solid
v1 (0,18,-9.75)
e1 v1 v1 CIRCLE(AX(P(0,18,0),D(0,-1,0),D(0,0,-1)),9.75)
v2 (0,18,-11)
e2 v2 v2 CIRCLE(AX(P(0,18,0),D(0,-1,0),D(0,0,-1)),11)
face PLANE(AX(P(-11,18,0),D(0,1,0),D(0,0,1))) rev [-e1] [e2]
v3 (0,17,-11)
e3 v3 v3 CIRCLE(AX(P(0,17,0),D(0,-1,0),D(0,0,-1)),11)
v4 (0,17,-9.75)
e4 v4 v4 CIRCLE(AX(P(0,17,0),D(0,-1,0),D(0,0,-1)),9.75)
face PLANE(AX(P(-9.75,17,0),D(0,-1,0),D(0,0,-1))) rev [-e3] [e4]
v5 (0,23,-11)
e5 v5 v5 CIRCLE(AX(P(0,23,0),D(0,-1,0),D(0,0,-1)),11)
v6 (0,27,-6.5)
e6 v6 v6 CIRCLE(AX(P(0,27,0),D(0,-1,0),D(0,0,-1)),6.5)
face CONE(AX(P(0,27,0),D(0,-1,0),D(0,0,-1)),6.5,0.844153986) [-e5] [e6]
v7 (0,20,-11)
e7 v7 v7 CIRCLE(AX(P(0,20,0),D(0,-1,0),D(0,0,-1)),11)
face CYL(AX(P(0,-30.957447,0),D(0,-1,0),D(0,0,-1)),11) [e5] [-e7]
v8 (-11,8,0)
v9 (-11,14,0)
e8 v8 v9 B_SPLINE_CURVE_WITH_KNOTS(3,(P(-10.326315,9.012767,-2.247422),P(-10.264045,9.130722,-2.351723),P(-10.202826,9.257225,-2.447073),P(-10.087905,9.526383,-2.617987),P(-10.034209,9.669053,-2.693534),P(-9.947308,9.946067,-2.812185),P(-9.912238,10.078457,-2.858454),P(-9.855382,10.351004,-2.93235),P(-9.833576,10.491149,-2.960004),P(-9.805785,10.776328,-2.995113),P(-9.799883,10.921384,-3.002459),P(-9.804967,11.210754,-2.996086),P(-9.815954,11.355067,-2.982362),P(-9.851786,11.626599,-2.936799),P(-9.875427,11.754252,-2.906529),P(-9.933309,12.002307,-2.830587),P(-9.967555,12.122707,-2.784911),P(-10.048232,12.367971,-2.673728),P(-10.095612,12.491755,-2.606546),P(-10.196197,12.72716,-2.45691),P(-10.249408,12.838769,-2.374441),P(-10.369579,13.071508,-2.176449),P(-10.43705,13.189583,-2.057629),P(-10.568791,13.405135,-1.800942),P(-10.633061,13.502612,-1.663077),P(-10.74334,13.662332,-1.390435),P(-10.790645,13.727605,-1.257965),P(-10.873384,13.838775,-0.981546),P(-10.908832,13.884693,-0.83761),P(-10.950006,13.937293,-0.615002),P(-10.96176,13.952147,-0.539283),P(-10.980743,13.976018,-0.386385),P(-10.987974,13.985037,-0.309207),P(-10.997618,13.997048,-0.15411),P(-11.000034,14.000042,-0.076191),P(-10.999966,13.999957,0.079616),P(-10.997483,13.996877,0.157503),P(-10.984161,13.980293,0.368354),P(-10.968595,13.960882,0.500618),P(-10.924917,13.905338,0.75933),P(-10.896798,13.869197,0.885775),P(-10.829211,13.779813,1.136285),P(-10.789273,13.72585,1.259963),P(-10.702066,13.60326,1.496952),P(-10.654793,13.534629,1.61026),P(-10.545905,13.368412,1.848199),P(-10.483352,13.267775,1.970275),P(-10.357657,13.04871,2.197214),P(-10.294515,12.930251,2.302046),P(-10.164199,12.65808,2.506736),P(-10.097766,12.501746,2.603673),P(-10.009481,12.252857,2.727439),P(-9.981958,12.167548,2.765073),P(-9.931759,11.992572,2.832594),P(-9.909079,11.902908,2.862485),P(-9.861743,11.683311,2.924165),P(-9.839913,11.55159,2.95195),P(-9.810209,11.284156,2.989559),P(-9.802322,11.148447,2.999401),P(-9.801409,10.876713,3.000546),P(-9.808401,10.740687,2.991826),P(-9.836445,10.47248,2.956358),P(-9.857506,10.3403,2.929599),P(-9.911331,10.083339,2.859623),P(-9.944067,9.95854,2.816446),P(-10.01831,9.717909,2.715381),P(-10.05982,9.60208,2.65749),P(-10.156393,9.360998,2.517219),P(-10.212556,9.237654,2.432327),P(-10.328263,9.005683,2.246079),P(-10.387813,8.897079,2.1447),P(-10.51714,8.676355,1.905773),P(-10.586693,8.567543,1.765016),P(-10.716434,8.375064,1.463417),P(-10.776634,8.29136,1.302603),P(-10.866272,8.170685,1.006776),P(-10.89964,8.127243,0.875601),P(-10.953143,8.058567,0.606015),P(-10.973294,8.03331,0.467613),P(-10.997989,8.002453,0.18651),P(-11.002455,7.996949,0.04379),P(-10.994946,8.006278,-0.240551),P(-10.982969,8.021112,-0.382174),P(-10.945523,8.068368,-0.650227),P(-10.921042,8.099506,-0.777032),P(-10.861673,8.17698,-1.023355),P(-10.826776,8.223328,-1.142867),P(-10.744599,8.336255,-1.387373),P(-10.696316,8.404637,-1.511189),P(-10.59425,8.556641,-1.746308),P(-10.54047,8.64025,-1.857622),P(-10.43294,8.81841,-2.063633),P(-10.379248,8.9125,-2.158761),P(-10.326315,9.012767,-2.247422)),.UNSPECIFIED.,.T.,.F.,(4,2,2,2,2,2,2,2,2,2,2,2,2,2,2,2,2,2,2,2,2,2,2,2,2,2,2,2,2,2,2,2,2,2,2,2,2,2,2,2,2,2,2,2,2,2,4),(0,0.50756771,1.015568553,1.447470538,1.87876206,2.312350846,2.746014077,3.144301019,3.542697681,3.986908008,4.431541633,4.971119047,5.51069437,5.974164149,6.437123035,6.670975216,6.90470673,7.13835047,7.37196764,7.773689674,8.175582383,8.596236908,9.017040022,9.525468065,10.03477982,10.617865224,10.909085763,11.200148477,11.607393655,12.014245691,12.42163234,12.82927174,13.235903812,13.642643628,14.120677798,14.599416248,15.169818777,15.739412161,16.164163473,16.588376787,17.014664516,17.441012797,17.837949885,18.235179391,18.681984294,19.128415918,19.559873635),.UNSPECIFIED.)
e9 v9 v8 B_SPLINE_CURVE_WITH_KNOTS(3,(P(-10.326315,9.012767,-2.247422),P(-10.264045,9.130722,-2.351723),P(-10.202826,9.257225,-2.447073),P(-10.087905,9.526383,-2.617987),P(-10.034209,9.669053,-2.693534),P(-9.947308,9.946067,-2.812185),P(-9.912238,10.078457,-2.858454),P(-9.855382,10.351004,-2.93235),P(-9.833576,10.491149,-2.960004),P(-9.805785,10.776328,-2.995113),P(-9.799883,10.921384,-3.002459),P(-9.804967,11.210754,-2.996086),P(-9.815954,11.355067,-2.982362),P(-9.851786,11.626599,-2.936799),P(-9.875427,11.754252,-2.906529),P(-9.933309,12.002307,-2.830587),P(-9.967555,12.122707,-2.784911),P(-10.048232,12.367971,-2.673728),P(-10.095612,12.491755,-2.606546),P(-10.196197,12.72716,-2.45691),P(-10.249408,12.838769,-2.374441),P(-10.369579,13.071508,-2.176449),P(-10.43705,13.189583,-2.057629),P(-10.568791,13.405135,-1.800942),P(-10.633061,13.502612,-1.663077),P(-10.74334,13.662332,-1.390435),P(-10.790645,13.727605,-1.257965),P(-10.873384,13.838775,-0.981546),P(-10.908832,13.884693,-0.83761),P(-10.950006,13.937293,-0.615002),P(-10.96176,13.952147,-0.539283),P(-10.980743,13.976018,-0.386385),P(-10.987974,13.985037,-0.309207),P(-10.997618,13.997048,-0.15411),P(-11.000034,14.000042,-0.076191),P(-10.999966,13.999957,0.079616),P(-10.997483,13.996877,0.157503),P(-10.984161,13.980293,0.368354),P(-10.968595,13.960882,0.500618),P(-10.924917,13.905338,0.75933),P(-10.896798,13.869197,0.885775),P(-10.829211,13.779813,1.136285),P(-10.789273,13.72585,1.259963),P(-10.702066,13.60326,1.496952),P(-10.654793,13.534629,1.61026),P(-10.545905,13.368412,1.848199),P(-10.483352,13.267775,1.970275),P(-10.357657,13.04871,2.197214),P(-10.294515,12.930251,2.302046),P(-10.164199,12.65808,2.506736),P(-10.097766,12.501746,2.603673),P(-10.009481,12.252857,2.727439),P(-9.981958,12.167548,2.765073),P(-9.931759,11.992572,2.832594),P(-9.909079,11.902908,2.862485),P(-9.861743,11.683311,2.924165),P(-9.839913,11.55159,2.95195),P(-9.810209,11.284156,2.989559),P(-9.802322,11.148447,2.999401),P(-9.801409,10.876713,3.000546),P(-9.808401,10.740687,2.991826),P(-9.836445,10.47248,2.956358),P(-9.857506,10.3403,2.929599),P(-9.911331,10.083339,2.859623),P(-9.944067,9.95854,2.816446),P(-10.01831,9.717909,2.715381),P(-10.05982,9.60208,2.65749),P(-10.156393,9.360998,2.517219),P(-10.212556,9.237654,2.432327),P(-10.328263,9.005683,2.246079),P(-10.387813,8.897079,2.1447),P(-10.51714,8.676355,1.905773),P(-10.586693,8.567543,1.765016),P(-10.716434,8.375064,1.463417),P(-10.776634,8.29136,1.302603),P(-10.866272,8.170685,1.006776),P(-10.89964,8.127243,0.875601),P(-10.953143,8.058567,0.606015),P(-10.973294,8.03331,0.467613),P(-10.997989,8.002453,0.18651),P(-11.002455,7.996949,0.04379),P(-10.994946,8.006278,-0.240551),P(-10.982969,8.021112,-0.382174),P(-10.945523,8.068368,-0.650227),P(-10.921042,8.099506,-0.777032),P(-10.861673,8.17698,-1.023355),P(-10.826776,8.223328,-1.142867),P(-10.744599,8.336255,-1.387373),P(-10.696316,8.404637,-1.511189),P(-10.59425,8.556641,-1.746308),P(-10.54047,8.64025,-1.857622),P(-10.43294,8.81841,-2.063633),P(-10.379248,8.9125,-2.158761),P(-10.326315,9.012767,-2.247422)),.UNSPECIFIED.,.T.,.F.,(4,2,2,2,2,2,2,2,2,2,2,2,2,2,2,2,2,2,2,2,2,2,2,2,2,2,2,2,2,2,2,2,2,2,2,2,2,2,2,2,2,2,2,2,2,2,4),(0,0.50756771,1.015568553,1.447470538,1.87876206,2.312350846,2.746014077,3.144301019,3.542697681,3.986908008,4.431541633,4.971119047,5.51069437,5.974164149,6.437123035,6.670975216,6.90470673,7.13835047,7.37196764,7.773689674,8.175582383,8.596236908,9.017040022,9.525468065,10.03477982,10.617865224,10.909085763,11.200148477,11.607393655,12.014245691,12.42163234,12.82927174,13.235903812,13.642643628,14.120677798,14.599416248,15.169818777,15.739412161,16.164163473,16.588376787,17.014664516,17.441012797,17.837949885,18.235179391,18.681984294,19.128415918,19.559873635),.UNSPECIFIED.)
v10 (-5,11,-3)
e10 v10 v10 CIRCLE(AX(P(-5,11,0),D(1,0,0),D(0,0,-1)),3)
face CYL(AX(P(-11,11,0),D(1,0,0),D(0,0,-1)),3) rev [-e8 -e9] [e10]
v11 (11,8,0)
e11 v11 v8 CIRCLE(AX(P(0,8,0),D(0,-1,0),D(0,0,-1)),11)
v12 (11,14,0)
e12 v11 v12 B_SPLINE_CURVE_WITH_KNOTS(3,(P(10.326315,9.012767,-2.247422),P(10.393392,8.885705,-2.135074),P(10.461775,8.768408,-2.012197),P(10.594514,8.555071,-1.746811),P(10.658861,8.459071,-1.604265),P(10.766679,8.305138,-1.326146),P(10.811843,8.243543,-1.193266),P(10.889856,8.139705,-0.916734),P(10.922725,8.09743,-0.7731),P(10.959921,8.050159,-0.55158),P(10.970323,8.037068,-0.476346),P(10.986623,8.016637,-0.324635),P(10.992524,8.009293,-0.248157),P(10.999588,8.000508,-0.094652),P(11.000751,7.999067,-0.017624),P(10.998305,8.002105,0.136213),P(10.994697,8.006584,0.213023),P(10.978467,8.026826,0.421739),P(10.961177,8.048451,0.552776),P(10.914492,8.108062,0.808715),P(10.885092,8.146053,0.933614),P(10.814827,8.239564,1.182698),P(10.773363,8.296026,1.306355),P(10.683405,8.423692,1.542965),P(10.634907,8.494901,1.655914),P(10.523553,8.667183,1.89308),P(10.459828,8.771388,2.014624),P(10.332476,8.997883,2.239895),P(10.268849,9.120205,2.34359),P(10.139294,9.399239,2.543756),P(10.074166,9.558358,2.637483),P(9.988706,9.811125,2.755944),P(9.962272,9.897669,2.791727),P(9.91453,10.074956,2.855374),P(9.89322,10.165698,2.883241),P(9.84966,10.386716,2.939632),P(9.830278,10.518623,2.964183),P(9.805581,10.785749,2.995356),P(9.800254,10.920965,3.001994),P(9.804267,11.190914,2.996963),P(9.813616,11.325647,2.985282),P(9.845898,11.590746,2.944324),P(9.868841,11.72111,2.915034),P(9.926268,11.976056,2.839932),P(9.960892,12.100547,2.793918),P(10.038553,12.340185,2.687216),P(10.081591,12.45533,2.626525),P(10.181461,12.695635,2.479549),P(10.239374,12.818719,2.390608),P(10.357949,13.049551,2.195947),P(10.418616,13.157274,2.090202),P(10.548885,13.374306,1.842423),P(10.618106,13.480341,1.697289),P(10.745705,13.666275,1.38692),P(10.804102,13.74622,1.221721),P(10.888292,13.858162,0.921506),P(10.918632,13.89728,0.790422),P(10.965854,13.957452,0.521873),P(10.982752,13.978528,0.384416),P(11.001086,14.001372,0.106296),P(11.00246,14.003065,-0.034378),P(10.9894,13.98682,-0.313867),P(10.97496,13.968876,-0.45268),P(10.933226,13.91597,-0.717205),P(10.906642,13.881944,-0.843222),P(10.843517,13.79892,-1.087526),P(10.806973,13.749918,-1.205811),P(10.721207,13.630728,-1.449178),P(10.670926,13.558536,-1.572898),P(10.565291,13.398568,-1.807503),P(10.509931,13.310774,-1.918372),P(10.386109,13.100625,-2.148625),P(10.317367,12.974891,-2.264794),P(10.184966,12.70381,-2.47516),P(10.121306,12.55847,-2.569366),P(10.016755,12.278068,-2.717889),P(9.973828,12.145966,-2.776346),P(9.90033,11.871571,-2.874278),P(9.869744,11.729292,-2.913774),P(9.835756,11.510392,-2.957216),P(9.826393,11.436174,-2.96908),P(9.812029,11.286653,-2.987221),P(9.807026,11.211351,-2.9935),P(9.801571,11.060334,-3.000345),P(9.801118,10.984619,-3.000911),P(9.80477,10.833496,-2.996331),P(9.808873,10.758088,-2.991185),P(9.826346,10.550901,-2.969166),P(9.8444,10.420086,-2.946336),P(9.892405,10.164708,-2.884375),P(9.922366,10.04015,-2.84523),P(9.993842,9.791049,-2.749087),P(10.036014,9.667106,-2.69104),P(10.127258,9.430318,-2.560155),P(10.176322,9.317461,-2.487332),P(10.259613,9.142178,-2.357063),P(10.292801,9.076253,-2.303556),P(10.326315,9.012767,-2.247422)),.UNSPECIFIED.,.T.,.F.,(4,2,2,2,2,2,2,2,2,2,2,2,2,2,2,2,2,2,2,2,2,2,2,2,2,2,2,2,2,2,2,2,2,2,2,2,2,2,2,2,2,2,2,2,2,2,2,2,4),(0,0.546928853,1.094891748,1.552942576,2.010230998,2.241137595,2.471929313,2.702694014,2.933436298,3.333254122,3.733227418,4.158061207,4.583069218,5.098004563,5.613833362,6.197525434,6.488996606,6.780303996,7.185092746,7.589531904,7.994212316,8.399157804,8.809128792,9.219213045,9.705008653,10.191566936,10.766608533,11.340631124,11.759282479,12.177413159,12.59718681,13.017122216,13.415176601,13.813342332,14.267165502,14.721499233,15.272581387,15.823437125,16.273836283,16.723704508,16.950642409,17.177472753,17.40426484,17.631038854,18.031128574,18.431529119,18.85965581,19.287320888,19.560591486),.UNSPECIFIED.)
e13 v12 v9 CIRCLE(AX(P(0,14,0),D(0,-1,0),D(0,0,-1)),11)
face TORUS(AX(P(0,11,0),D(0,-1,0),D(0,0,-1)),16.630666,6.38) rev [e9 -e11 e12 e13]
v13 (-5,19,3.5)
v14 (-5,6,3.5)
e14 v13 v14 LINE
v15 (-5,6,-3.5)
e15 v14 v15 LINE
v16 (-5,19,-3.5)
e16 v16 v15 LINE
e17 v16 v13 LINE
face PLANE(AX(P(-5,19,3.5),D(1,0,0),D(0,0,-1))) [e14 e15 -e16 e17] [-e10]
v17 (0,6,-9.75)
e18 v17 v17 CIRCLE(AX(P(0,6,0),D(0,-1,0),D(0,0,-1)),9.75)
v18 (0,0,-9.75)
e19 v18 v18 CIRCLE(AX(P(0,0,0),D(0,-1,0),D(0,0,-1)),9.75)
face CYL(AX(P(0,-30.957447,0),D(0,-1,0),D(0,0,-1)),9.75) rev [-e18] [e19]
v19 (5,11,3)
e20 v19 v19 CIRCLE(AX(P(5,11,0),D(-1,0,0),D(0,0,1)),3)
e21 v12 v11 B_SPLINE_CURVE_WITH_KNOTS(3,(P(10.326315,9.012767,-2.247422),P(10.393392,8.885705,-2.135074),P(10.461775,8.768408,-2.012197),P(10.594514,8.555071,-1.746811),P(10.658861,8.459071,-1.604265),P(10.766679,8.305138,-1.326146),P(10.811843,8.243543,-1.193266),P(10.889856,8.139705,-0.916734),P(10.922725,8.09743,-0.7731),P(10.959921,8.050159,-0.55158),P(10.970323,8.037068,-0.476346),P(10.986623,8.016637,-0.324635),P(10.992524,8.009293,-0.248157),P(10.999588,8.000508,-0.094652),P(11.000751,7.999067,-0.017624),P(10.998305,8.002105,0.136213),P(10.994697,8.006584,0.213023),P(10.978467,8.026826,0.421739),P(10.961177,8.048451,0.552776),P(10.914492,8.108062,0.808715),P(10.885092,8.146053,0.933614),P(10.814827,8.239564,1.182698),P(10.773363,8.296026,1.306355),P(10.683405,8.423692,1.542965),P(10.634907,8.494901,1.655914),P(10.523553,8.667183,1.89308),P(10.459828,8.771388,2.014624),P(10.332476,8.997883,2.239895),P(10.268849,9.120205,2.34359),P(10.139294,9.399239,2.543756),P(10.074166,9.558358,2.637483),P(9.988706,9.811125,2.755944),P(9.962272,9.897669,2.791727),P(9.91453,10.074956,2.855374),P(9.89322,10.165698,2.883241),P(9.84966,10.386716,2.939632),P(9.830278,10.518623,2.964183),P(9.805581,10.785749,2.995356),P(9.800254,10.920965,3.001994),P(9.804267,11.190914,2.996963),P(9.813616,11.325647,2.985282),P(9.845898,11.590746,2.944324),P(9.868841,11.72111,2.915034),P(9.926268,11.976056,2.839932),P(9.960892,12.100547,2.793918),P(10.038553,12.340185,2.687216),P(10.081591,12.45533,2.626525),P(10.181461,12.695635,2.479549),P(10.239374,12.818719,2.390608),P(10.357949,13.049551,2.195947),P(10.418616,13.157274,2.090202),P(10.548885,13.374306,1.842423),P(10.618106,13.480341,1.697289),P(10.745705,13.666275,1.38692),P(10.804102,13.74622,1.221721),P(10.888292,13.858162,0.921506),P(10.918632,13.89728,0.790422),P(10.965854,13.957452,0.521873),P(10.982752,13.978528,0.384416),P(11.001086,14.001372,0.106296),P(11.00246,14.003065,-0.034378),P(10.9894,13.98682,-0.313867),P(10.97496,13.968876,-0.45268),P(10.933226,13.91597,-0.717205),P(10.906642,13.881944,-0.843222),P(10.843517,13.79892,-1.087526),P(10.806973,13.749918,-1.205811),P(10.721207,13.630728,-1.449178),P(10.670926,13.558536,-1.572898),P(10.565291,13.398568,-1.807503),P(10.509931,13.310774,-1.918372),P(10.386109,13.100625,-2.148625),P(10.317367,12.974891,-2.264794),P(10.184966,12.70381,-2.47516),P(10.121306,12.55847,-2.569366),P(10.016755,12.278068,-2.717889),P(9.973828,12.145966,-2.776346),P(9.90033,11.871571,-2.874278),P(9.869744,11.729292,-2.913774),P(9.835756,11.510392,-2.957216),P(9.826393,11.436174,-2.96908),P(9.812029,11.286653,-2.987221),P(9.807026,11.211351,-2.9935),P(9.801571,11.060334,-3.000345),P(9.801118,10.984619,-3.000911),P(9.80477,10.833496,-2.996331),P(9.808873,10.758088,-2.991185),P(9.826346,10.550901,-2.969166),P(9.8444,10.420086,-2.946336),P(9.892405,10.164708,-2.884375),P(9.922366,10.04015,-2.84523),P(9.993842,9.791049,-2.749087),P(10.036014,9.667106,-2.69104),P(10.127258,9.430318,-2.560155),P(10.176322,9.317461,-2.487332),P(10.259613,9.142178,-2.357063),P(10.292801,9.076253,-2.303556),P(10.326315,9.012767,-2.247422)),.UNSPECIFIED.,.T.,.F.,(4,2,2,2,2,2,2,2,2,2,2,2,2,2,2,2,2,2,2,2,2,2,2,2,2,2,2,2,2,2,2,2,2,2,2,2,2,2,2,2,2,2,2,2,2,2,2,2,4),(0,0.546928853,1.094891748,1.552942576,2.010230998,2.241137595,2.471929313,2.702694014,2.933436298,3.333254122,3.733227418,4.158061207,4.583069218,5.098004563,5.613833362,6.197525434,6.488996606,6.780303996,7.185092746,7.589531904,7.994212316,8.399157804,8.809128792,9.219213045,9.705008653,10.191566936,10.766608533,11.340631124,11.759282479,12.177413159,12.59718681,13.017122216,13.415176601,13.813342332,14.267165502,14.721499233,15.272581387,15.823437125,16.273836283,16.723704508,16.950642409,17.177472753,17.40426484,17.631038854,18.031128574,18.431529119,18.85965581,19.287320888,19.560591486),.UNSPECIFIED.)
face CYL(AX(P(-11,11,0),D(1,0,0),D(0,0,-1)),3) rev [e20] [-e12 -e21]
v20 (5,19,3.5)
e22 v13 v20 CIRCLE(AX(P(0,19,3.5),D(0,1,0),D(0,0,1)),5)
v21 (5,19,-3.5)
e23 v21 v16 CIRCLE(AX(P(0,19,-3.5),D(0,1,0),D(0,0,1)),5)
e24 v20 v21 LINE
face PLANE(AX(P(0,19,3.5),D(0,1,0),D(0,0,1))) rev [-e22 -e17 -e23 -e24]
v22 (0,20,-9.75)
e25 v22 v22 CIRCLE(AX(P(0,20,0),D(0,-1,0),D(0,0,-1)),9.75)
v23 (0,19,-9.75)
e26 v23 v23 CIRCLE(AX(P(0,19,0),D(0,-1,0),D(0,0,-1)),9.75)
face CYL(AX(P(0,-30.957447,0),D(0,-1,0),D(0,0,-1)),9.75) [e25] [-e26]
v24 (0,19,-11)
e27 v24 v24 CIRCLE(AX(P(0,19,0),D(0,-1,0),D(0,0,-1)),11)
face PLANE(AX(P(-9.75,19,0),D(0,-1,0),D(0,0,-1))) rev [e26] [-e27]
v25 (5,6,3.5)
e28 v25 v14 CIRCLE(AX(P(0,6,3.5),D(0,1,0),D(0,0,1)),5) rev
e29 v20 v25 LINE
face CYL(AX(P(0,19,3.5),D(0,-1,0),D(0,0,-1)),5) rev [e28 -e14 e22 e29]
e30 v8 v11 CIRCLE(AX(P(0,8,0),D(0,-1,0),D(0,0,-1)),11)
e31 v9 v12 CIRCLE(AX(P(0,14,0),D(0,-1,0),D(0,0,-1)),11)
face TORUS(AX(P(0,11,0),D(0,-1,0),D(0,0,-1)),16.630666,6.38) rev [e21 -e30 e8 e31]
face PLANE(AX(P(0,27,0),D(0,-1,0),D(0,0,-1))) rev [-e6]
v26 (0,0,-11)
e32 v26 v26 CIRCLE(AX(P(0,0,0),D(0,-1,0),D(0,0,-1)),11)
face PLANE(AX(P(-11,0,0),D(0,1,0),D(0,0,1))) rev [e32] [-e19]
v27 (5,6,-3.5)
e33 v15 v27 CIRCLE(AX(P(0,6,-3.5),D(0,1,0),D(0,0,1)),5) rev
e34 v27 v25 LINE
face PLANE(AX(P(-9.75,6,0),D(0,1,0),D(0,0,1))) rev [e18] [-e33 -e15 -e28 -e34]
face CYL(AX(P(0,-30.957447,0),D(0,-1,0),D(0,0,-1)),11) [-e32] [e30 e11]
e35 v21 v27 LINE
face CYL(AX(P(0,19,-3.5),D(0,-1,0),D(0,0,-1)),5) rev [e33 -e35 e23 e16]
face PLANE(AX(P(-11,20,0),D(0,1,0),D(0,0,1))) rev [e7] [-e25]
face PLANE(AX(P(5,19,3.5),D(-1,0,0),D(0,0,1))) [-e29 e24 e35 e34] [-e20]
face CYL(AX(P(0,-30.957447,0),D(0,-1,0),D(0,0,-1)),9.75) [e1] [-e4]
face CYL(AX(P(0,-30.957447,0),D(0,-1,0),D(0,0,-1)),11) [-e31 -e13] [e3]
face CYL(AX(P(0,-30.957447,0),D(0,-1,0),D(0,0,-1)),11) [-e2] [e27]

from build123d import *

# Parameters (mm, degrees)
CUT_EXTRUDE1_DEPTH      = 19
CUT_EXTRUDE2_DEPTH      = 32.160872902
CUT_EXTRUDE2_DEPTH_BACK = 32.160872902
SKETCH3_R               = 3


with BuildPart() as part:
    # Sketch1 → Revolve1 (revolve)
    with BuildSketch(Plane.XY, mode=Mode.PRIVATE) as revolve1_sk:
        with BuildLine():
            Line((0, 27), (-6.5, 27))
            Line((-6.5, 27), (-11, 23))
            Line((-11, 23), (-11, 20))
            Line((-11, 20), (-9.75, 20))
            Line((-9.75, 20), (-9.75, 19))
            Line((-9.75, 19), (-11, 19))
            Line((-11, 19), (-11, 18))
            Line((-11, 18), (-9.75, 18))
            Line((-9.75, 18), (-9.75, 17))
            Line((-9.75, 17), (-11, 17))
            Line((-11, 17), (-11, 14))
            ThreePointArc((-11, 14), (-10.250666035, 11), (-11, 8))
            Line((-11, 8), (-11, 0))
            Line((-11, 0), (-9.75, 0))
            Line((-9.75, 0), (-9.75, 6))
            Line((-9.75, 6), (0, 6))
            Line((0, 6), (0, 27))
        make_face()
    revolve(revolve1_sk.sketch.rotate(Axis((0, -30.957446809, 0), (0, 1, 0)), 270), axis=Axis((0, -30.957446809, 0), (0, 1, 0)))

    # Sketch2 → Cut-Extrude1 (cut)
    with BuildSketch(Plane(origin=(0, 0, 0), x_dir=(1, 0, 0), z_dir=(0, 1, 0))):
        with BuildLine():
            Line((-5, -3.5), (-5, 3.5))
            ThreePointArc((-5, 3.5), (0, 8.5), (5, 3.5))
            Line((5, 3.5), (5, -3.5))
            ThreePointArc((5, -3.5), (0, -8.5), (-5, -3.5))
        make_face()
    extrude(amount=CUT_EXTRUDE1_DEPTH, mode=Mode.SUBTRACT)

    # Sketch3 → Cut-Extrude2 (cut, two sides: drawn at the far end of the back side and taken through both)
    with BuildSketch(Plane(origin=(0, 0, 0), x_dir=(0, 0, -1), z_dir=(1, 0, 0)).offset(-CUT_EXTRUDE2_DEPTH_BACK)):
        with Locations((0, 11)):
            Circle(SKETCH3_R)
    extrude(amount=CUT_EXTRUDE2_DEPTH + CUT_EXTRUDE2_DEPTH_BACK, mode=Mode.SUBTRACT)


solid = part.part
